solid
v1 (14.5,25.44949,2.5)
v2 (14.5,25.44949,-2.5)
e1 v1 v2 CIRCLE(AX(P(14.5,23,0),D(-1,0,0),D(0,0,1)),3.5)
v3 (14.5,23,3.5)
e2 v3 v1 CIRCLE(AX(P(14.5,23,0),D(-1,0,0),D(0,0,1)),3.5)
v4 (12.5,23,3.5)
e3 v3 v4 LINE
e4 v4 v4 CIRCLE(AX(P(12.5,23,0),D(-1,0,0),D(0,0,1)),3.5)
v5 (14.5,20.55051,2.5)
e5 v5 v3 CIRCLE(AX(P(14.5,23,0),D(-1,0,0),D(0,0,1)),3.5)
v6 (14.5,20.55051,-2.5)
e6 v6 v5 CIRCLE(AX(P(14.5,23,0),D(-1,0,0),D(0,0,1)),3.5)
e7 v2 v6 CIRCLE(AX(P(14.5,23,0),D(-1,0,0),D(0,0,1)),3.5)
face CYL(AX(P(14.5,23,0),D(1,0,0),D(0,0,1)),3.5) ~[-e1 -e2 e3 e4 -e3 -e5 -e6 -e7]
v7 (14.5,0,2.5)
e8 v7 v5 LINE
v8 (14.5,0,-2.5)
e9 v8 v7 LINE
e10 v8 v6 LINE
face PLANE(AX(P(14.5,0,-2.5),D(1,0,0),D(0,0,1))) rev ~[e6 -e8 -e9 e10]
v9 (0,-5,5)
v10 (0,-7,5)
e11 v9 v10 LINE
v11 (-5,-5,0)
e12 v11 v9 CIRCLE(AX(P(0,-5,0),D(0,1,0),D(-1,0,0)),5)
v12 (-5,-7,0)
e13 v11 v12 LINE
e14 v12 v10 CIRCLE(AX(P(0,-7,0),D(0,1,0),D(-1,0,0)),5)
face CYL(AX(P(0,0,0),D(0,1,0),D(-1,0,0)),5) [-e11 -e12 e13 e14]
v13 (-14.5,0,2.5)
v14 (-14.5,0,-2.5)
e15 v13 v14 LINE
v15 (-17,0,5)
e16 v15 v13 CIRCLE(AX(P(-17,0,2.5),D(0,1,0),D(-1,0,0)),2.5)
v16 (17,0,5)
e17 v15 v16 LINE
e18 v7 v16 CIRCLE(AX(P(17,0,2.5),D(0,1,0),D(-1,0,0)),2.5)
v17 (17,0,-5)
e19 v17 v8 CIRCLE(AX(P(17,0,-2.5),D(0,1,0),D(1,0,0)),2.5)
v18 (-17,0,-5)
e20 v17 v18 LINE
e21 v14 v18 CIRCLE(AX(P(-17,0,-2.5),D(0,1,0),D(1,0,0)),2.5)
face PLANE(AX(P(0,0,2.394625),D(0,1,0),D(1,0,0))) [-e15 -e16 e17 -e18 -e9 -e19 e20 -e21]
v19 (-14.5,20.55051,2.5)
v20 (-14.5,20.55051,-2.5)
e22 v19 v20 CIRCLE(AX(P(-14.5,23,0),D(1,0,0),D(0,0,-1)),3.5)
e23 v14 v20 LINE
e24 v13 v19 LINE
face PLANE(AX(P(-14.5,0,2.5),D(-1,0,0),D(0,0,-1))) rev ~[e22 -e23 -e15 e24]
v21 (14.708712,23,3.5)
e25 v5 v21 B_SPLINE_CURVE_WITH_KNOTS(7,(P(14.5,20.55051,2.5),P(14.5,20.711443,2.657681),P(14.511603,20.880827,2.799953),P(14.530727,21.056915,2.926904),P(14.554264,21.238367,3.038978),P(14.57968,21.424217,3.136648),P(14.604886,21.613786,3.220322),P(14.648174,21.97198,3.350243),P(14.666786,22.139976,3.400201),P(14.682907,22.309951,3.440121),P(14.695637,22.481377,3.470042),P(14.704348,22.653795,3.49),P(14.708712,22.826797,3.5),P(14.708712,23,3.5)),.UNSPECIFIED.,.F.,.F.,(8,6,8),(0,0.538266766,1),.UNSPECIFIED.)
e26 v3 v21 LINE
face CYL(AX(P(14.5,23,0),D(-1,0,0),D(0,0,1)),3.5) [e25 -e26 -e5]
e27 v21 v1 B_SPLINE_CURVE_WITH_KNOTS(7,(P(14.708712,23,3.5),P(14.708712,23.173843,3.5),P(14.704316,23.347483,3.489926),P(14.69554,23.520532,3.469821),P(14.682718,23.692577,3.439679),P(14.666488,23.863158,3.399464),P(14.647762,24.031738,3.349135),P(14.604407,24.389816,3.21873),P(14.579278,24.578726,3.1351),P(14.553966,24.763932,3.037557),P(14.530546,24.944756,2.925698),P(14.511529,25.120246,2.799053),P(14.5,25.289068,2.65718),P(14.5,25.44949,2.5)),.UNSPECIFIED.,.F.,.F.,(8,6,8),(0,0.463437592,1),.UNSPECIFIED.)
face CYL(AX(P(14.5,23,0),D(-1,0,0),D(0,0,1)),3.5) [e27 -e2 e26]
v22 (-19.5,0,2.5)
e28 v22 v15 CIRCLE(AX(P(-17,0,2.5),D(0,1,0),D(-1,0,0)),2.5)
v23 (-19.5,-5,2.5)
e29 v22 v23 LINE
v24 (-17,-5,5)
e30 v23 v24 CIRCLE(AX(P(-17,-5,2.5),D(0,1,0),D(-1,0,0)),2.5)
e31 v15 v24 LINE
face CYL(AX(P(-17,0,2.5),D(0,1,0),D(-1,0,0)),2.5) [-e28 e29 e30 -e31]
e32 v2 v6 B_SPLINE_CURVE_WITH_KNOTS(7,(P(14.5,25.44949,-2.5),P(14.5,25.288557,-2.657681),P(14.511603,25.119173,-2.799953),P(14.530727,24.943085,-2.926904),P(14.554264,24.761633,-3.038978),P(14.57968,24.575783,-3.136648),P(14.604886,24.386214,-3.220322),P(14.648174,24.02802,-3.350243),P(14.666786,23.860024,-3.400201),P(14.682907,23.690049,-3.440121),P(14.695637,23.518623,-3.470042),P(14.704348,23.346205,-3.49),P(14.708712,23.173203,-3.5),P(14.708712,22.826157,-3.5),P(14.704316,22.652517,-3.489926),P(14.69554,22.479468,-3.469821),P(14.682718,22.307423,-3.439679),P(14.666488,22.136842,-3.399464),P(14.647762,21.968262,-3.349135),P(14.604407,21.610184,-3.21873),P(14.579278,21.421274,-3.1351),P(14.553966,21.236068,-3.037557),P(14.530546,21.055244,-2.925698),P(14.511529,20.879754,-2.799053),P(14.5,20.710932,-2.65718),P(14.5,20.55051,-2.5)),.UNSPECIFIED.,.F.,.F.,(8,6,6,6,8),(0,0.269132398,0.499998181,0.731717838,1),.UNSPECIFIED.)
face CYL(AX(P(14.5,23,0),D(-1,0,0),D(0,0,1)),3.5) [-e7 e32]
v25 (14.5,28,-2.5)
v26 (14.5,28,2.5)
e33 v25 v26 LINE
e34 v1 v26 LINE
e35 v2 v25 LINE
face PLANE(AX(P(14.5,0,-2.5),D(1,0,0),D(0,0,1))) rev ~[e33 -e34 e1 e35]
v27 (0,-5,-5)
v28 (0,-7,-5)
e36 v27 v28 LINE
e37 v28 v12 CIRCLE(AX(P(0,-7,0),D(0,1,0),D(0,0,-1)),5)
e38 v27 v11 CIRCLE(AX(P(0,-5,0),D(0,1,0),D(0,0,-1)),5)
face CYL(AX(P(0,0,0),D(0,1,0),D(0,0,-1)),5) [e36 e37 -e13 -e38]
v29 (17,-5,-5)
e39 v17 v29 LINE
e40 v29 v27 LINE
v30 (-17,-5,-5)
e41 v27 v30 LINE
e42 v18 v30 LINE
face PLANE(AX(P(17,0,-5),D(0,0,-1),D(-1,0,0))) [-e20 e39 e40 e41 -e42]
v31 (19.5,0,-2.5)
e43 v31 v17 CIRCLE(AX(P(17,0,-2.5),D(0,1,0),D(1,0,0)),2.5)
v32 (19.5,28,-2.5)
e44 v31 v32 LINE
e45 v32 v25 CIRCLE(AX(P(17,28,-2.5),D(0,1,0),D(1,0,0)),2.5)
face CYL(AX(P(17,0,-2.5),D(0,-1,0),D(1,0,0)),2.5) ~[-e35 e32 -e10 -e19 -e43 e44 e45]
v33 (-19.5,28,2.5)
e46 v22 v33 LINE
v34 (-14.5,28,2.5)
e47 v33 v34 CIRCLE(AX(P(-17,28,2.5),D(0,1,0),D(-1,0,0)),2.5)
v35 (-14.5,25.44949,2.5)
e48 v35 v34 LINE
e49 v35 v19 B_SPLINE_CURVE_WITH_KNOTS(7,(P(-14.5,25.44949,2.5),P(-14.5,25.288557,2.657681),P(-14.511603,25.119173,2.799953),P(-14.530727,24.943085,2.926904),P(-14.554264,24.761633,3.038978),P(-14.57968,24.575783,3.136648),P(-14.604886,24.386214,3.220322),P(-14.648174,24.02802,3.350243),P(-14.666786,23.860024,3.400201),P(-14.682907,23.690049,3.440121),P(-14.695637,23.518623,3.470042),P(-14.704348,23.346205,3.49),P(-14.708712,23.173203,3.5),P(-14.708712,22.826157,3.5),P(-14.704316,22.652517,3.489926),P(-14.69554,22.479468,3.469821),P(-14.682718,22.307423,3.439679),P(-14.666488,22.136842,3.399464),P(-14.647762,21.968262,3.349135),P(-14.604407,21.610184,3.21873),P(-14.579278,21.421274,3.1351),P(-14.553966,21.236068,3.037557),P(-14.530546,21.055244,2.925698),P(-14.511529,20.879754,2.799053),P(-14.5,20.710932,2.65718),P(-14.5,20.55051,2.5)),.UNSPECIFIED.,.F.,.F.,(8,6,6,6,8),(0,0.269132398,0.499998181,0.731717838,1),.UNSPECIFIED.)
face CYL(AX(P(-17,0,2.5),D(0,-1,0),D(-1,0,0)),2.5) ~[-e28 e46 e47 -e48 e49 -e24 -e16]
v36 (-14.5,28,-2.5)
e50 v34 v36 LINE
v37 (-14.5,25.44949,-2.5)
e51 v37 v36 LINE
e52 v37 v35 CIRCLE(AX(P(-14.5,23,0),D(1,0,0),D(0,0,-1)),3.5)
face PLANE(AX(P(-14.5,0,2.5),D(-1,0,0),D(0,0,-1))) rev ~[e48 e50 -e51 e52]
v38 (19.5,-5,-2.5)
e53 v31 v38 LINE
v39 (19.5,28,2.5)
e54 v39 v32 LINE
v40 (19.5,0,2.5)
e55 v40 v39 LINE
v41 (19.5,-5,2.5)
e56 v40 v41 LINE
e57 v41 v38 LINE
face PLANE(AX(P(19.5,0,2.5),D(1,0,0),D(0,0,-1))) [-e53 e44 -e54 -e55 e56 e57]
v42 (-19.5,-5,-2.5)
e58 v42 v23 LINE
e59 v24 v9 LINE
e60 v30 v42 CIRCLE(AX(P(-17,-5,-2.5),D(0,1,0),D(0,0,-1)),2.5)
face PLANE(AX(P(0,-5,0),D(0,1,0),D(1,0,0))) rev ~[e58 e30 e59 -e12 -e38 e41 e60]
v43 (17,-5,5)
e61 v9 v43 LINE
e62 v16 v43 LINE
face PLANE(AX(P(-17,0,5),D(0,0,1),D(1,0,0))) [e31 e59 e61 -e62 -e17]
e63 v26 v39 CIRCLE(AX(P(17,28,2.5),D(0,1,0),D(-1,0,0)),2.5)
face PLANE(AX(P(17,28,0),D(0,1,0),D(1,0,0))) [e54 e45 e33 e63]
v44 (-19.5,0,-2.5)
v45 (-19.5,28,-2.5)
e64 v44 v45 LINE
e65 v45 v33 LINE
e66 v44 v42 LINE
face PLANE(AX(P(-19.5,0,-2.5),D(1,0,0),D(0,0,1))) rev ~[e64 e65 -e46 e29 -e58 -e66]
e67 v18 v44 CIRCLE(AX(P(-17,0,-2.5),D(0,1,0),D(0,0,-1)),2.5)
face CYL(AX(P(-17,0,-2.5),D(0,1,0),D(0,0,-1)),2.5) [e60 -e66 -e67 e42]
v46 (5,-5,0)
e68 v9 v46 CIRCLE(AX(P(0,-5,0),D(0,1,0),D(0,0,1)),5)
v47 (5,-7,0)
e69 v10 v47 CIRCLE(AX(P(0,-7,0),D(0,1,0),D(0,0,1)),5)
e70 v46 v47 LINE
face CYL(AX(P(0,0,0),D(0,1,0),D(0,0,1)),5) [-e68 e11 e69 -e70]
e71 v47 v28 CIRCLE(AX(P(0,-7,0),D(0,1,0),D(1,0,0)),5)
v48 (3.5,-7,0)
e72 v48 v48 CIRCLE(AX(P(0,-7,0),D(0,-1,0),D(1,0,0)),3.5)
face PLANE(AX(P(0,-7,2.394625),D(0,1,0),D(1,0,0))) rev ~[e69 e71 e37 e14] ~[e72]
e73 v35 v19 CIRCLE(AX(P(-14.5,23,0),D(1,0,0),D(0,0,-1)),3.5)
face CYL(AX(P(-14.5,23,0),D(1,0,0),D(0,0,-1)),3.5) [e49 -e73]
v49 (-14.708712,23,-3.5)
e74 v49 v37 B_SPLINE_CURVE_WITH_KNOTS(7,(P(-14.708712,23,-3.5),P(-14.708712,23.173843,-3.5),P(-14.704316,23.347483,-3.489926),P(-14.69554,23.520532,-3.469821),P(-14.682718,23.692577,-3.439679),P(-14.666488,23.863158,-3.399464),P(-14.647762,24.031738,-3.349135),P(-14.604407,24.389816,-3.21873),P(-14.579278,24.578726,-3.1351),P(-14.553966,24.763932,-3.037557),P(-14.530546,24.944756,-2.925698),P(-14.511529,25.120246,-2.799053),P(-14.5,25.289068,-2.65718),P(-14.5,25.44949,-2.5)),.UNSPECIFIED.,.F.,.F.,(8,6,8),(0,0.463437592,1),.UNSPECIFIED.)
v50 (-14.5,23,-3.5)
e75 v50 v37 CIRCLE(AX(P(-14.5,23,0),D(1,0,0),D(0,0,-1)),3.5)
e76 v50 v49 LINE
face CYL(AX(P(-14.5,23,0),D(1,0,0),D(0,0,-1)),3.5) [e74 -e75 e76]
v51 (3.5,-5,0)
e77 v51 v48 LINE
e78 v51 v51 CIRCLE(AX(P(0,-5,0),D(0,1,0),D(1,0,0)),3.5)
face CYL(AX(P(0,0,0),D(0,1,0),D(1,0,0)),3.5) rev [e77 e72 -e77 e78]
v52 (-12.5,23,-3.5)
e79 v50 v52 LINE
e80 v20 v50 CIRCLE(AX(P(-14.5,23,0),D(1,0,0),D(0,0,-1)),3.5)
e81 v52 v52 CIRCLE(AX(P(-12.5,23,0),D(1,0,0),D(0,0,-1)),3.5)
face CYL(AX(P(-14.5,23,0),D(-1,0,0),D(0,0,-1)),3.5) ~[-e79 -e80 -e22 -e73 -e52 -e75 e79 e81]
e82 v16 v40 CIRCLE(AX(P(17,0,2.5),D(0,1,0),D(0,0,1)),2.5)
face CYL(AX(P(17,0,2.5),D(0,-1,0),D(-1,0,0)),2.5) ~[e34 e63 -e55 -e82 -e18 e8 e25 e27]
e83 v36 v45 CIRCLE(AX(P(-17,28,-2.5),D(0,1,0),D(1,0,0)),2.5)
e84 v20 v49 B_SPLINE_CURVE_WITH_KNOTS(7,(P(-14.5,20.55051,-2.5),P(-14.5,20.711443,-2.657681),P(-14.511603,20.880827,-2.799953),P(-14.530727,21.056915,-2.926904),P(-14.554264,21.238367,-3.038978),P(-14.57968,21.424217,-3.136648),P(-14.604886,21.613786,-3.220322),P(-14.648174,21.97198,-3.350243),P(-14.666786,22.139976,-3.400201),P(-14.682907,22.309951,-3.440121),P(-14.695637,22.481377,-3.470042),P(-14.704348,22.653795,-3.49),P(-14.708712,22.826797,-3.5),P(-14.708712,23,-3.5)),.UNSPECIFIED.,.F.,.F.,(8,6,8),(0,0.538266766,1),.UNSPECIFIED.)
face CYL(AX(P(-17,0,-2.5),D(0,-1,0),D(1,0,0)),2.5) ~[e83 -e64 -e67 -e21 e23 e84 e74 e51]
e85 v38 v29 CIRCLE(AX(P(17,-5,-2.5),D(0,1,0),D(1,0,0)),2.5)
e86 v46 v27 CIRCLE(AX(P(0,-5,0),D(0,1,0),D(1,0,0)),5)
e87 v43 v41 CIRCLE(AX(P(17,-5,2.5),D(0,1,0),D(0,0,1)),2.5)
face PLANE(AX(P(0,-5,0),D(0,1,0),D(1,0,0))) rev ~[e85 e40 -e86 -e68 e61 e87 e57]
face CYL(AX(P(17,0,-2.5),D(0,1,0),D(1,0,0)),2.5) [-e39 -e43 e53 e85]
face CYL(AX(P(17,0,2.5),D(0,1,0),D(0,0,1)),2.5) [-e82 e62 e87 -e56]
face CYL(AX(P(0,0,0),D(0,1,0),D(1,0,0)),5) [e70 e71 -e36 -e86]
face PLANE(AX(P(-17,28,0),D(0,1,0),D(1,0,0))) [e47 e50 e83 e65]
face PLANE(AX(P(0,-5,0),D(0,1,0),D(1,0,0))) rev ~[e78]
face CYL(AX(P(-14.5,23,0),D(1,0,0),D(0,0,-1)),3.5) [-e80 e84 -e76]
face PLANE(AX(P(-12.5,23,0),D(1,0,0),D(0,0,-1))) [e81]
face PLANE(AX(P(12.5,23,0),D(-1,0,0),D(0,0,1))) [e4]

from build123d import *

# Parameters (mm, degrees)
BOSS_EXTRU_2_DEPTH      = 5
BOSS_EXTRU_3_DEPTH      = 28
ESQUISSE3_R             = 3.5
BOSS_EXTRU_5_DEPTH      = 2
BOSS_EXTRU_5_DEPTH_BACK = 1
BOSS_EXTRU_7_DEPTH      = 7
ESQUISSE4_R             = 3.5
BOSS_EXTRU_8_DEPTH      = 2
BOSS_EXTRU_8_DEPTH_BACK = 1


with BuildPart() as part:
    # Esquisse1 → Boss.-Extru.2 (new body)
    with BuildSketch(Plane(origin=(0, 0, 0), x_dir=(1, 0, 0), z_dir=(0, 1, 0))):
        with BuildLine():
            Line((-17, -5), (17, -5))
            ThreePointArc((17, -5), (18.767766953, -4.267766953), (19.5, -2.5))
            Line((19.5, -2.5), (19.5, 2.5))
            ThreePointArc((19.5, 2.5), (18.767766953, 4.267766953), (17, 5))
            Line((17, 5), (-17, 5))
            ThreePointArc((-17, 5), (-18.767766953, 4.267766953), (-19.5, 2.5))
            Line((-19.5, 2.5), (-19.5, -2.5))
            ThreePointArc((-19.5, -2.5), (-18.767766953, -4.267766953), (-17, -5))
        make_face()
    extrude(amount=-BOSS_EXTRU_2_DEPTH)

    # Esquisse1<6> → Boss.-Extru.3 (add)
    with BuildSketch(Plane(origin=(0, 0, 0), x_dir=(1, 0, 0), z_dir=(0, 1, 0))):
        with BuildLine():
            ThreePointArc((-19.5, -2.5), (-17, -5), (-14.5, -2.5))
            Line((-14.5, -2.5), (-14.5, 2.5))
            ThreePointArc((-14.5, 2.5), (-17, 5), (-19.5, 2.5))
            Line((-19.5, 2.5), (-19.5, -2.5))
        make_face()
        with BuildLine():
            ThreePointArc((14.5, -2.5), (17, -5), (19.5, -2.5))
            Line((19.5, -2.5), (19.5, 2.5))
            ThreePointArc((19.5, 2.5), (17, 5), (14.5, 2.5))
            Line((14.5, 2.5), (14.5, -2.5))
        make_face()
    extrude(amount=BOSS_EXTRU_3_DEPTH)

    # Esquisse3 → Boss.-Extru.5 (add, two sides)
    with BuildSketch(Plane(origin=(-14.5, 0, 0), x_dir=(0, 0, -1), z_dir=(1, 0, 0))) as boss_extru_5_sk:
        with Locations((0, 23)):
            Circle(ESQUISSE3_R)
    extrude(amount=BOSS_EXTRU_5_DEPTH)
    extrude(boss_extru_5_sk.sketch, amount=-BOSS_EXTRU_5_DEPTH_BACK)

    # Esquisse1<9> → Boss.-Extru.7 (add)
    with BuildSketch(Plane(origin=(0, 0, 0), x_dir=(1, 0, 0), z_dir=(0, 1, 0))):
        with BuildLine():
            ThreePointArc((-5, 0), (-3.535533906, -3.535533906), (0, -5))
            ThreePointArc((0, -5), (3.535533906, -3.535533906), (5, 0))
            Line((5, 0), (3.5, 0))
            ThreePointArc((3.5, 0), (0, -3.5), (-3.5, 0))
            Line((-3.5, 0), (-5, 0))
        make_face()
        with BuildLine():
            Line((3.5, 0), (5, 0))
            ThreePointArc((5, 0), (3.535533906, 3.535533906), (0, 5))
            ThreePointArc((0, 5), (-3.535533906, 3.535533906), (-5, 0))
            Line((-5, 0), (-3.5, 0))
            ThreePointArc((-3.5, 0), (0, 3.5), (3.5, 0))
        make_face()
    extrude(amount=-BOSS_EXTRU_7_DEPTH)

    # Esquisse4 → Boss.-Extru.8 (add, two sides)
    with BuildSketch(Plane.ZY.offset(-14.5)) as boss_extru_8_sk:
        with Locations((0, 23)):
            Circle(ESQUISSE4_R)
    extrude(amount=BOSS_EXTRU_8_DEPTH)
    extrude(boss_extru_8_sk.sketch, amount=-BOSS_EXTRU_8_DEPTH_BACK)


solid = part.part
